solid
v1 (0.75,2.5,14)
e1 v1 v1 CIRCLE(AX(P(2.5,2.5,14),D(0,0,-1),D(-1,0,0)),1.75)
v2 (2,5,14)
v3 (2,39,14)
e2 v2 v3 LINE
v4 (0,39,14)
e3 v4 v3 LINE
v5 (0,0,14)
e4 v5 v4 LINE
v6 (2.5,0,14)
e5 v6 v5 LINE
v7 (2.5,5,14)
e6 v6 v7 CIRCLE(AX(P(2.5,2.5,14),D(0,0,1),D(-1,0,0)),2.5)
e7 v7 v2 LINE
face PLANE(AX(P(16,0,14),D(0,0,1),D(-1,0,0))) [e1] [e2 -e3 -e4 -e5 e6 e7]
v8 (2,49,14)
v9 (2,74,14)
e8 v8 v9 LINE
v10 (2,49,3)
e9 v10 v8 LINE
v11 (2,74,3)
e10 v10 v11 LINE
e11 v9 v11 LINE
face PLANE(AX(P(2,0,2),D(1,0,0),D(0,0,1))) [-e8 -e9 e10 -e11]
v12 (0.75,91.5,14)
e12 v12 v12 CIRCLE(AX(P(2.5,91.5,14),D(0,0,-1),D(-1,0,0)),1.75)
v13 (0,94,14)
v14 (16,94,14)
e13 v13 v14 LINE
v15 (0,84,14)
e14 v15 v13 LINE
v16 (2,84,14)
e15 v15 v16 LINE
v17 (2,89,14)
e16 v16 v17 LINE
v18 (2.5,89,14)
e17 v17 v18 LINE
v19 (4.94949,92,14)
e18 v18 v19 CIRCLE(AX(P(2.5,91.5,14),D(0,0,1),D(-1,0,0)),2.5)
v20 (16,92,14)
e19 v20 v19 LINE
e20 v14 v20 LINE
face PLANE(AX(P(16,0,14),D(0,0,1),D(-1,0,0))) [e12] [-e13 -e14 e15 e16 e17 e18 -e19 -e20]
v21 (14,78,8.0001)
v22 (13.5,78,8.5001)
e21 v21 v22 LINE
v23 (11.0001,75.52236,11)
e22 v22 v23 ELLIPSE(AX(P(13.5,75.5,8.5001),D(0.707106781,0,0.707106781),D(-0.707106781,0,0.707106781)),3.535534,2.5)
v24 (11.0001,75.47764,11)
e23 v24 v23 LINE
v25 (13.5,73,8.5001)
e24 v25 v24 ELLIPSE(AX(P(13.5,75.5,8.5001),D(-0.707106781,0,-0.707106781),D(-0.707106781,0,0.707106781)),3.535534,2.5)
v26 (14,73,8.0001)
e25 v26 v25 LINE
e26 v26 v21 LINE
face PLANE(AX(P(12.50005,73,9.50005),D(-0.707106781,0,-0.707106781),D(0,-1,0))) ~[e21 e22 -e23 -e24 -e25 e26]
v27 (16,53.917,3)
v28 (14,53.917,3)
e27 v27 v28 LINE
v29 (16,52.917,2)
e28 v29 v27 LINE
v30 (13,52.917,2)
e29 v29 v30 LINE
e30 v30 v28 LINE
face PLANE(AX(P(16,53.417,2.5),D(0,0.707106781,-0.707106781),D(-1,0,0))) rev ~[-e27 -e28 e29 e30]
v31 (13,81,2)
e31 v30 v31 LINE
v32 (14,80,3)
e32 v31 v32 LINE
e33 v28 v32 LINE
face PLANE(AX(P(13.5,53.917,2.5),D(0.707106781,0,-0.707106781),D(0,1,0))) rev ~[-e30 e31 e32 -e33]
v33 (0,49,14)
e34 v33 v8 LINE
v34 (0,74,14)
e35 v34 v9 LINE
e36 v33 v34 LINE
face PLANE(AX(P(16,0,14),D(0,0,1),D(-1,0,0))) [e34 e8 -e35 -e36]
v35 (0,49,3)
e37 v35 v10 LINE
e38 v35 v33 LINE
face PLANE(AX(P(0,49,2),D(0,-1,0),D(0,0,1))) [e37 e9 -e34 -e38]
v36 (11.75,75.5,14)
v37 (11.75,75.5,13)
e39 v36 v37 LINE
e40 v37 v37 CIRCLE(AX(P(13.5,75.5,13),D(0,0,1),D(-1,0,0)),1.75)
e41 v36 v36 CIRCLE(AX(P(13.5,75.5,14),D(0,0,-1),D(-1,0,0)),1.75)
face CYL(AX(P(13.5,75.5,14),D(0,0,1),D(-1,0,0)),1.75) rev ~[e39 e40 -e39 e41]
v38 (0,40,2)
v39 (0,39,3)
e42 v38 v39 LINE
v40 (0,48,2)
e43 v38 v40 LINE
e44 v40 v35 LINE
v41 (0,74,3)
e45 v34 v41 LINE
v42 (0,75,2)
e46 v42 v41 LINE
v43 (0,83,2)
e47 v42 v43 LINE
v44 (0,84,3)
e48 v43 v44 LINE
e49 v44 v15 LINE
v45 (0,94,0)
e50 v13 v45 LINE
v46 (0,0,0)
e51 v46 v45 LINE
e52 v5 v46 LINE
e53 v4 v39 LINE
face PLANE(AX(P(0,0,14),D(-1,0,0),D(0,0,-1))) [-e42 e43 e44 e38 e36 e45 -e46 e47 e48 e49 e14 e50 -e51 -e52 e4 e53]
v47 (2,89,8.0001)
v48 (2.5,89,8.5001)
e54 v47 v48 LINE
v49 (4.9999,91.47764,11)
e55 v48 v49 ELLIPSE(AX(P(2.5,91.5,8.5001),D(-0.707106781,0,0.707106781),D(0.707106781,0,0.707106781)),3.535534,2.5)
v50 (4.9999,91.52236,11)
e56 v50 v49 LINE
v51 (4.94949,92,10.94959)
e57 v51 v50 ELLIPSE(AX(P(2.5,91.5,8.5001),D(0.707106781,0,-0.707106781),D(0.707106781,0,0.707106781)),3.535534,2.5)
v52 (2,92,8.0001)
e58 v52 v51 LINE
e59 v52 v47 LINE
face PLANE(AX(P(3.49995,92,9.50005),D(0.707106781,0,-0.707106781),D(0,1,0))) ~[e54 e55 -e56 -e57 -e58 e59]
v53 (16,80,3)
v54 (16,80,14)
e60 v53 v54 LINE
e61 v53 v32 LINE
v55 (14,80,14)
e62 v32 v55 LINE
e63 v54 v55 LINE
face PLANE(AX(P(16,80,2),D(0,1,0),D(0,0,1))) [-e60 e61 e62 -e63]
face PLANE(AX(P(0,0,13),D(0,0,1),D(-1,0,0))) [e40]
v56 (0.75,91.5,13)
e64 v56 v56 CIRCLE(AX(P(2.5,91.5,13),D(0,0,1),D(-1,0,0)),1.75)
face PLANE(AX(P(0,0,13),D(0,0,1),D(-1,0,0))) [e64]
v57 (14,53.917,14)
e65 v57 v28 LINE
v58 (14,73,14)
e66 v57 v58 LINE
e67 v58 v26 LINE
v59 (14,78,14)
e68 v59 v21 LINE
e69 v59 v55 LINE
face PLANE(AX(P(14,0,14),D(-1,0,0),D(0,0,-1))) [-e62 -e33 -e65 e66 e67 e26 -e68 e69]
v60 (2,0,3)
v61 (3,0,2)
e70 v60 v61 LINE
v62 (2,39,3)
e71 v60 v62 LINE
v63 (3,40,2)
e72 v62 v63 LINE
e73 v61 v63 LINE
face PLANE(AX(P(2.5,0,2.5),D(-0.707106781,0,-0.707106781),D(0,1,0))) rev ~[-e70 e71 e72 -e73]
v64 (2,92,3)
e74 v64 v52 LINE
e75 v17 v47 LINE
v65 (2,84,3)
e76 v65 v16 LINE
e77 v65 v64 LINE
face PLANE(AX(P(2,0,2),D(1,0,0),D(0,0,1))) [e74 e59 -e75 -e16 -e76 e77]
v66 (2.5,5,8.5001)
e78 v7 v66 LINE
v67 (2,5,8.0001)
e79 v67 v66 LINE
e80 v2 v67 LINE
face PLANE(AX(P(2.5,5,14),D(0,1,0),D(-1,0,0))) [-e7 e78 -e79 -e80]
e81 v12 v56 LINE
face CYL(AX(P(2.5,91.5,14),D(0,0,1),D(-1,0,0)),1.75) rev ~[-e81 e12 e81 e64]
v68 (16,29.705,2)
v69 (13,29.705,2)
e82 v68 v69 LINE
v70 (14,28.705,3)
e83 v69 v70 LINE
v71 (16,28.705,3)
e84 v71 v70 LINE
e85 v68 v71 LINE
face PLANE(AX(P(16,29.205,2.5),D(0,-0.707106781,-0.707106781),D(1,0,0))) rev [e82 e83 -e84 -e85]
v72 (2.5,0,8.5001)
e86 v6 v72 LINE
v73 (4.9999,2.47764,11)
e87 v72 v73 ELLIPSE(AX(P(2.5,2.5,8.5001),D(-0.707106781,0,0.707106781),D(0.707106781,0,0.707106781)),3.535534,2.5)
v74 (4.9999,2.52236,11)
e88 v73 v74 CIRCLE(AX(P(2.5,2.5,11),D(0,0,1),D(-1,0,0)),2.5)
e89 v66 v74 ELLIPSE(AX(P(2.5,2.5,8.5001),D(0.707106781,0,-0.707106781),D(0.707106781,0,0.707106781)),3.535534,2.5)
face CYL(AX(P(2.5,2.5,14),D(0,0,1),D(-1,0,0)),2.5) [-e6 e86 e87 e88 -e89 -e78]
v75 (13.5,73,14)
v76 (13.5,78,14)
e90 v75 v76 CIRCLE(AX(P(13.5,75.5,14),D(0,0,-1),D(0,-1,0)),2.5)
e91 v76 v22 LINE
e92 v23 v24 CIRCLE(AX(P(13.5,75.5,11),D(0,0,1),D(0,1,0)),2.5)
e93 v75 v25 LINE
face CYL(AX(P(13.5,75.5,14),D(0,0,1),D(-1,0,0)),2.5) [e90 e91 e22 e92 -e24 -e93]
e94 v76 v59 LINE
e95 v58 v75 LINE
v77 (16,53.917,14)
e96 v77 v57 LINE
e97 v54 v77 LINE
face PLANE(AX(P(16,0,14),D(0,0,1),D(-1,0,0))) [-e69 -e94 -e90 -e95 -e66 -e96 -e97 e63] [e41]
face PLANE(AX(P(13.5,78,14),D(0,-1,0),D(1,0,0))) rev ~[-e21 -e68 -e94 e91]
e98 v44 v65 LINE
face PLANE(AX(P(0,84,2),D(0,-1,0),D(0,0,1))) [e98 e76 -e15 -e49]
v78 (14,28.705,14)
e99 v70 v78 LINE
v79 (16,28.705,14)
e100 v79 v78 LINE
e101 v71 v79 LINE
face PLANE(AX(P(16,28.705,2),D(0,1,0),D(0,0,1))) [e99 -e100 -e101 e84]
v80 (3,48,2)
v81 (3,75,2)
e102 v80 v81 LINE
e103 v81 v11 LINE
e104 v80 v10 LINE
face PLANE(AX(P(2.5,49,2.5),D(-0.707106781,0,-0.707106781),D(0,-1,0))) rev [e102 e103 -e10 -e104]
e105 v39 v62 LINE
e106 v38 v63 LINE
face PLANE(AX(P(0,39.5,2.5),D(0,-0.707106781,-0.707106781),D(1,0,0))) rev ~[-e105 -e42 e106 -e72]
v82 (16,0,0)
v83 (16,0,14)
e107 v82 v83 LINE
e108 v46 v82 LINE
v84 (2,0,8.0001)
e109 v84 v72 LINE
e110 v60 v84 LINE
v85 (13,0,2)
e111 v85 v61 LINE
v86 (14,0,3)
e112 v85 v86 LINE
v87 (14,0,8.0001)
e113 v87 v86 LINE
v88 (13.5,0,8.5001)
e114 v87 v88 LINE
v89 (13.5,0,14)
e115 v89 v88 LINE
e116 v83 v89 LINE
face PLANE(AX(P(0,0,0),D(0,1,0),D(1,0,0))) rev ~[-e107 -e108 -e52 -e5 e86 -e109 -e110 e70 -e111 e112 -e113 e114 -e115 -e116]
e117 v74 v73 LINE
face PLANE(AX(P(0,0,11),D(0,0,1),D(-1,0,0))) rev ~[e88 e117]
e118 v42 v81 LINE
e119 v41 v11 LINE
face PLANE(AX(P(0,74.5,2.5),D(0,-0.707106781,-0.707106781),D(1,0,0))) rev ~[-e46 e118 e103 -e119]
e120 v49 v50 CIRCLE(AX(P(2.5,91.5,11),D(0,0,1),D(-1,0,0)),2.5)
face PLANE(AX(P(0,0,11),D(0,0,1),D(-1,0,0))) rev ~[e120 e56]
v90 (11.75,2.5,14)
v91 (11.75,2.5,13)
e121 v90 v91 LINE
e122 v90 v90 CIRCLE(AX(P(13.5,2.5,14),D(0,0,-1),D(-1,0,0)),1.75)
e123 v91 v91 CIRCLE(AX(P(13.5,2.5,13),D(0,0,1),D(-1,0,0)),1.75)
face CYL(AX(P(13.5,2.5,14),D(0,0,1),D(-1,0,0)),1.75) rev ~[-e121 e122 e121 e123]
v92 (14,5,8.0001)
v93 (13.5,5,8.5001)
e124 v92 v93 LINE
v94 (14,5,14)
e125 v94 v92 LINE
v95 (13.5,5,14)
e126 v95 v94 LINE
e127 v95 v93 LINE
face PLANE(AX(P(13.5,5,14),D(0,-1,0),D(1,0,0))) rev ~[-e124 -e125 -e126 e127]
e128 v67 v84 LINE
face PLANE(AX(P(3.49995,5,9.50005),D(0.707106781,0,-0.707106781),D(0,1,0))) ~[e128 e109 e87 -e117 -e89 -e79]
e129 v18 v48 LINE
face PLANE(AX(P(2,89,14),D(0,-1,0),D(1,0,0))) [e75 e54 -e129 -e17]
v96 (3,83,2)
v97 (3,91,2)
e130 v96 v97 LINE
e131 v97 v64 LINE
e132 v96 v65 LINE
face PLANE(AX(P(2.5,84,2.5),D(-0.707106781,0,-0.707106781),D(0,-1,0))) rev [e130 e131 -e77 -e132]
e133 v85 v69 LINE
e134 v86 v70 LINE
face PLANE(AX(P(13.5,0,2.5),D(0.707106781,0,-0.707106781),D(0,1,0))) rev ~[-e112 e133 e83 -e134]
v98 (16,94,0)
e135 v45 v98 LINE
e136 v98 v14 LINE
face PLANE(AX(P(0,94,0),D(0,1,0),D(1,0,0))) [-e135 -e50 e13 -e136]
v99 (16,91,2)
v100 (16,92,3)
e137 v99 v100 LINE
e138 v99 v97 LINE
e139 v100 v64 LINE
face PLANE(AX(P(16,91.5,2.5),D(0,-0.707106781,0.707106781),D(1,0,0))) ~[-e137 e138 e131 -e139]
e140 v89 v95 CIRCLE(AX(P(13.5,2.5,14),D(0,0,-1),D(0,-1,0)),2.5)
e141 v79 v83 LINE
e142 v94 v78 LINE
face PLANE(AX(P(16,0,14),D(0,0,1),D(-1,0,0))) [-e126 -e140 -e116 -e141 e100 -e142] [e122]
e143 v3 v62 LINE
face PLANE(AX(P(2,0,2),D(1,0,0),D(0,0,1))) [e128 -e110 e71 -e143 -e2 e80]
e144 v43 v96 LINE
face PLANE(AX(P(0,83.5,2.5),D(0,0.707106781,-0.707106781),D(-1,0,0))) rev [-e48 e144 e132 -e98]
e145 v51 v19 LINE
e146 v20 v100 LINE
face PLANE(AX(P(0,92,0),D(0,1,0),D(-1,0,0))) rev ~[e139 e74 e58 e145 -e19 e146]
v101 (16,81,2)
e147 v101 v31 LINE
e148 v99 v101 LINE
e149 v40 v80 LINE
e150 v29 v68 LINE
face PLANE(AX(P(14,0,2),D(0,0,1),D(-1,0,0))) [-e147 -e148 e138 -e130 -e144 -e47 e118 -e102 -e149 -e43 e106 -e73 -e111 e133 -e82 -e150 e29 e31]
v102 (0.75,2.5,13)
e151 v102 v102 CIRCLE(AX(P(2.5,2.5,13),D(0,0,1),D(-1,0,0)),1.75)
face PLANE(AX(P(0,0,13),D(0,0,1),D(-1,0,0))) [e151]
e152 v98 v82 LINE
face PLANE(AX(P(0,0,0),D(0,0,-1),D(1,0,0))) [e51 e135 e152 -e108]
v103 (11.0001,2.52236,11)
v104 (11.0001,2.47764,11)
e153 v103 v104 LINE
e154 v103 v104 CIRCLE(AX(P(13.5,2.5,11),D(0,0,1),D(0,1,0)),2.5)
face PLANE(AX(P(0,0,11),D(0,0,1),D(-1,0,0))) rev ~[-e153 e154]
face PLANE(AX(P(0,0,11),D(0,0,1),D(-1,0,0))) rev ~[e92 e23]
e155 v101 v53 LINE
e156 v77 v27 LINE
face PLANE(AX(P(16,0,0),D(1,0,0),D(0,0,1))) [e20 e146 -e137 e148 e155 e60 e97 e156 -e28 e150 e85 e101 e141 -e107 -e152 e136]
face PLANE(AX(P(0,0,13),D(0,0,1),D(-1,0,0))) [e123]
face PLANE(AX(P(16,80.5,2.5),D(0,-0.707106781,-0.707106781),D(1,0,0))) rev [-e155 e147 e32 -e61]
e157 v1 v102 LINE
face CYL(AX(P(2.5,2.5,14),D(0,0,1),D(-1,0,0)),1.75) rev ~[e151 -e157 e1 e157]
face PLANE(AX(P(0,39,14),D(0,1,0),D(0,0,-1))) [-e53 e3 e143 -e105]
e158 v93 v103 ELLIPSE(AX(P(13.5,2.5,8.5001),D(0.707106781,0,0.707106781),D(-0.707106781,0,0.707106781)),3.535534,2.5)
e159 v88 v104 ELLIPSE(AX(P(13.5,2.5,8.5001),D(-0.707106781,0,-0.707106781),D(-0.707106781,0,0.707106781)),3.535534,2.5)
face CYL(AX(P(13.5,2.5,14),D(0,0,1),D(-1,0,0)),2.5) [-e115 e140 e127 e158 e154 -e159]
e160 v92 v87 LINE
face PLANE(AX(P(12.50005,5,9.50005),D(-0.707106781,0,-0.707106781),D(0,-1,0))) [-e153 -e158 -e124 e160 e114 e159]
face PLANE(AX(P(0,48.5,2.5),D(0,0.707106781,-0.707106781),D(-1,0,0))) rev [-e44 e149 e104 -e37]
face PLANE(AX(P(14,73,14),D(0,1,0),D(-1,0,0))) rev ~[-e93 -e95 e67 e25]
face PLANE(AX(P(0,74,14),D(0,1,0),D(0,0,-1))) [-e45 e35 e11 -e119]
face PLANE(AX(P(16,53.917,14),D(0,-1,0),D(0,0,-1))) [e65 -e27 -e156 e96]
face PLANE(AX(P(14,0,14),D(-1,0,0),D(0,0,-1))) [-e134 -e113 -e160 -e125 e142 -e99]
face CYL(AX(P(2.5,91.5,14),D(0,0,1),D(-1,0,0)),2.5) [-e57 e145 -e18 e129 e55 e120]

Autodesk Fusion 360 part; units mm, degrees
sketch "3D-printed conduit outline" plane through (0, 0, 0) normal (0, 1, 0) x (1, 0, 0)
  line L0 (0, 0) -> (16, 0)
  line L1 (16, 0) -> (16, -14)
  line L2 (16, -14) -> (0, -14)
  line L3 (0, -14) -> (0, 0)
  line L4 (2, -14) -> (14, -14)
  line L5 (14, -14) -> (14, -2)
  line L6 (14, -2) -> (2, -2)
  line L7 (2, -2) -> (2, -14)
  dimension "d8" = 14
  dimension "d9" = 16
  dimension "d10" = 2
  dimension "d11" = 2
  dimension "d12" = 2
extrude "Extrude1" add sketch "3D-printed conduit outline" along normal blind 94 contours L0 L1 L2 L3 L5 L6 L7
sketch "Magnet holders" plane through (0, 0, 14) normal (0, 0, 1) x (-1, 0, 0)
  line L0 (0, 0) -> (-2, 0)
  line L1 (-2, 0) -> (-2, -94)
  line L2 (-2, -94) -> (0, -94)
  line L3 (0, -94) -> (0, 0)
  line L4 (-14, 0) -> (-16, 0)
  line L5 (-16, 0) -> (-16, -94)
  line L6 (-16, -94) -> (-14, -94)
  line L7 (-14, -94) -> (-14, 0)
  circle A0 centre (-2.5, -2.5) radius 2.5
  circle A1 centre (-2.5, -2.5) radius 1.75
  line L8 (-14, 0) -> (-2, 0)
  line L9 (0, 0) -> (-2.5, 0)
  line L10 (-2.5, 0) -> (-2.5, -5)
  line L11 (-2.5, -5) -> (0, -5)
  line L12 (0, -5) -> (0, 0)
  circle A2 centre (-13.5, -2.5) radius 2.5
  circle A3 centre (-13.5, -2.5) radius 1.75
  line L13 (-16, 0) -> (-13.5, 0)
  line L14 (-13.5, 0) -> (-13.5, -5)
  line L15 (-13.5, -5) -> (-16, -5)
  line L16 (-16, -5) -> (-16, 0)
  circle A4 centre (-2.5, -91.5) radius 1.75
  circle A5 centre (-2.5, -91.5) radius 2.5
  line L17 (-2.5, -89) -> (-2.5, -94)
  line L18 (-2.5, -94) -> (0, -94)
  line L19 (0, -94) -> (0, -89)
  line L20 (0, -89) -> (-2.5, -89)
  circle A6 centre (-13.5, -75.5) radius 2.5
  circle A7 centre (-13.5, -75.5) radius 1.75
  line L21 (-13.5, -73) -> (-13.5, -78)
  line L22 (-13.5, -78) -> (-16, -78)
  line L23 (-16, -78) -> (-16, -73)
  line L24 (-16, -73) -> (-13.5, -73)
  dimension "d15" = 5
  dimension "d16" = 3.5
  dimension "d17" = 5
  dimension "d18" = 3.5
  dimension "d21" = 0
  dimension "d22" = -89
  dimension "d42" = 0
  dimension "d43" = -73
sketch "End wall" plane through (0, 94, 0) normal (0, 1, 0) x (-1, 0, 0)
  line L0 (-2, 2) -> (-14, 2)
  line L1 (-14, 2) -> (-14, 14)
  line L2 (-14, 14) -> (-16, 14)
  line L3 (-16, 14) -> (-16, 0)
  line L4 (-16, 0) -> (0, 0)
  line L5 (0, 0) -> (0, 14)
  line L6 (0, 14) -> (-2, 14)
  line L7 (-2, 14) -> (-2, 2)
  line L8 (-16, 0) -> (0, 0)
  line L9 (0, 0) -> (0, 14)
  line L10 (0, 14) -> (-16, 14)
  line L11 (-16, 14) -> (-16, 0)
extrude "Extrude8" add sketch "End wall" against normal blind 2
extrude "Extrude2" add sketch "Magnet holders" against normal blind 3 contours A2 A3 L14 | L7 A2 A3 L14 | L7 L8 A2 L13 | L1 A0 L8 L9 | L1 A0 A1 L10 | A0 A1 L10 | L1 A0 A1 L10 | L1 A0 L11 | L1 A1 L10 | A1 L10 | L7 A3 L14 | A3 L14 | L1 A5 L20 | L7 A2 L15 | L7 A2 A3 L14 | L1 A4 A5 L17 | L1 A4 A5 L17 | L1 A5 L18 | A4 A5 L17 | L1 A4 L17 | A4 L17 | L7 A6 L24 | L7 A6 A7 L21 | A6 A7 L21 | L7 A7 L21 | A7 L21 | L7 A6 L22 | L7 A6 A7 L21
extrude "Extrude4" cut sketch "Magnet holders" against normal blind 1 contours L1 A1 | L1 A1 L10 | A1 L10 | L7 A3 L14 | A3 L14 | L7 A3 | L1 A4 | L1 A4 L17 | A4 L17 | L7 A7 L21 | L7 A7 | A7 L21
chamfer "Chamfer2" distance 2.9999 angle 45 4 edges at (2, 2.5, 11) (2, 90.5, 11) (14, 2.5, 11) (14, 75.5, 11)
sketch "LED outlets" plane through (0, 0, 0) normal (-1, 0, 0) x (0, -1, 0)
  line L0 (0, 0) -> (0, 14)
  line L1 (0, 14) -> (-94, 14)
  line L2 (-94, 14) -> (-94, 0)
  line L3 (-94, 0) -> (0, 0)
  line L4 (-49, 14) -> (-39, 14)
  line L5 (-39, 14) -> (-39, 2)
  line L6 (-39, 2) -> (-49, 2)
  line L7 (-49, 2) -> (-49, 14)
  line L8 (-84, 14) -> (-74, 14)
  line L9 (-74, 14) -> (-74, 2)
  line L10 (-74, 2) -> (-84, 2)
  line L11 (-84, 2) -> (-84, 14)
  dimension "d31" = 10
  dimension "d32" = 10
  dimension "d33" = 25
  dimension "d34" = 2
  dimension "d35" = 39
extrude "Extrude5" cut sketch "LED outlets" against normal blind 2 contours L1 L4 L5 L6 L7 | L1 L8 L9 L10 L11
sketch "Arcade butons outlet" plane through (16, 0, 0) normal (1, 0, 0) x (0, 1, 0)
  line L0 (94, 14) -> (0, 14)
  line L1 (0, 14) -> (0, 0)
  line L2 (0, 0) -> (94, 0)
  line L3 (94, 0) -> (94, 14)
  line L4 (80, 14) -> (92, 14)
  line L5 (92, 14) -> (92, 2)
  line L6 (92, 2) -> (80, 2)
  line L7 (80, 2) -> (80, 14)
  dimension "d48" = 2
  dimension "d49" = 2
  dimension "d50" = 12
extrude "Extrude9" cut sketch "Arcade butons outlet" against normal blind 2 contours L0 L4 L5 L6 L7
sketch "Colour sensor outlet" plane through (16, 0, 0) normal (1, 0, 0) x (0, 1, 0)
  line L0 (80, 2) -> (80, 14)
  line L1 (80, 14) -> (0, 14)
  line L2 (0, 14) -> (0, 0)
  line L3 (0, 0) -> (94, 0)
  line L4 (94, 0) -> (94, 14)
  line L5 (94, 14) -> (92, 14)
  line L6 (92, 14) -> (92, 2)
  line L7 (92, 2) -> (80, 2)
  line L8 (28.705, 14) -> (53.917, 14)
  line L9 (53.917, 14) -> (53.917, 2)
  line L10 (53.917, 2) -> (28.705, 2)
  line L11 (28.705, 2) -> (28.705, 14)
  dimension "d54" = 2
  dimension "d55" = 25.212
  dimension "d58" = 28.705
extrude "Extrude10" cut sketch "Colour sensor outlet" against normal blind 2 contours L1 L8 L9 L10 L11
chamfer "Chamfer4" distance 1 angle 45 13 edges at (2, 19.5, 2) (1, 39, 2) (1, 49, 2) (2, 61.5, 2) (1, 74, 2) (1, 84, 2) (2, 88, 2) (9, 92, 2) (15, 80, 2) (14, 66.9585, 2) (15, 53.917, 2) (15, 28.705, 2) (14, 14.3525, 2)
equation "conduit_length = 94 mm"
equation "conduit_width = 16 mm"
equation "conduit_height = 16 mm"
equation "conduit_wall_thickness = 2 mm"
equation "magnet_diameter = 3 mm"
equation "magnet_height = 1 mm"
equation "d8 = conduit_height - conduit_wall_thickness"
equation "d9 = conduit_width"
equation "d10 = conduit_wall_thickness"
equation "d11 = conduit_wall_thickness"
equation "d12 = conduit_wall_thickness"
equation "d13 = conduit_length"
equation "d15 = magnet_diameter + 2 mm"
equation "d16 = magnet_diameter + 0.5 mm"
equation "d17 = magnet_diameter + 2 mm"
equation "d18 = magnet_diameter + 0.5 mm"
equation "d22 = -conduit_length + ( magnet_diameter + 2 mm )"
equation "d23 = -( magnet_height + 2 mm )"
equation "d34 = conduit_wall_thickness"
equation "d43 = -conduit_length + ( magnet_diameter + 2 mm ) + ( conduit_width )"
equation "d48 = conduit_wall_thickness"
equation "d49 = conduit_wall_thickness"
equation "d50 = conduit_width - 2 * conduit_wall_thickness"
equation "d54 = conduit_wall_thickness"
